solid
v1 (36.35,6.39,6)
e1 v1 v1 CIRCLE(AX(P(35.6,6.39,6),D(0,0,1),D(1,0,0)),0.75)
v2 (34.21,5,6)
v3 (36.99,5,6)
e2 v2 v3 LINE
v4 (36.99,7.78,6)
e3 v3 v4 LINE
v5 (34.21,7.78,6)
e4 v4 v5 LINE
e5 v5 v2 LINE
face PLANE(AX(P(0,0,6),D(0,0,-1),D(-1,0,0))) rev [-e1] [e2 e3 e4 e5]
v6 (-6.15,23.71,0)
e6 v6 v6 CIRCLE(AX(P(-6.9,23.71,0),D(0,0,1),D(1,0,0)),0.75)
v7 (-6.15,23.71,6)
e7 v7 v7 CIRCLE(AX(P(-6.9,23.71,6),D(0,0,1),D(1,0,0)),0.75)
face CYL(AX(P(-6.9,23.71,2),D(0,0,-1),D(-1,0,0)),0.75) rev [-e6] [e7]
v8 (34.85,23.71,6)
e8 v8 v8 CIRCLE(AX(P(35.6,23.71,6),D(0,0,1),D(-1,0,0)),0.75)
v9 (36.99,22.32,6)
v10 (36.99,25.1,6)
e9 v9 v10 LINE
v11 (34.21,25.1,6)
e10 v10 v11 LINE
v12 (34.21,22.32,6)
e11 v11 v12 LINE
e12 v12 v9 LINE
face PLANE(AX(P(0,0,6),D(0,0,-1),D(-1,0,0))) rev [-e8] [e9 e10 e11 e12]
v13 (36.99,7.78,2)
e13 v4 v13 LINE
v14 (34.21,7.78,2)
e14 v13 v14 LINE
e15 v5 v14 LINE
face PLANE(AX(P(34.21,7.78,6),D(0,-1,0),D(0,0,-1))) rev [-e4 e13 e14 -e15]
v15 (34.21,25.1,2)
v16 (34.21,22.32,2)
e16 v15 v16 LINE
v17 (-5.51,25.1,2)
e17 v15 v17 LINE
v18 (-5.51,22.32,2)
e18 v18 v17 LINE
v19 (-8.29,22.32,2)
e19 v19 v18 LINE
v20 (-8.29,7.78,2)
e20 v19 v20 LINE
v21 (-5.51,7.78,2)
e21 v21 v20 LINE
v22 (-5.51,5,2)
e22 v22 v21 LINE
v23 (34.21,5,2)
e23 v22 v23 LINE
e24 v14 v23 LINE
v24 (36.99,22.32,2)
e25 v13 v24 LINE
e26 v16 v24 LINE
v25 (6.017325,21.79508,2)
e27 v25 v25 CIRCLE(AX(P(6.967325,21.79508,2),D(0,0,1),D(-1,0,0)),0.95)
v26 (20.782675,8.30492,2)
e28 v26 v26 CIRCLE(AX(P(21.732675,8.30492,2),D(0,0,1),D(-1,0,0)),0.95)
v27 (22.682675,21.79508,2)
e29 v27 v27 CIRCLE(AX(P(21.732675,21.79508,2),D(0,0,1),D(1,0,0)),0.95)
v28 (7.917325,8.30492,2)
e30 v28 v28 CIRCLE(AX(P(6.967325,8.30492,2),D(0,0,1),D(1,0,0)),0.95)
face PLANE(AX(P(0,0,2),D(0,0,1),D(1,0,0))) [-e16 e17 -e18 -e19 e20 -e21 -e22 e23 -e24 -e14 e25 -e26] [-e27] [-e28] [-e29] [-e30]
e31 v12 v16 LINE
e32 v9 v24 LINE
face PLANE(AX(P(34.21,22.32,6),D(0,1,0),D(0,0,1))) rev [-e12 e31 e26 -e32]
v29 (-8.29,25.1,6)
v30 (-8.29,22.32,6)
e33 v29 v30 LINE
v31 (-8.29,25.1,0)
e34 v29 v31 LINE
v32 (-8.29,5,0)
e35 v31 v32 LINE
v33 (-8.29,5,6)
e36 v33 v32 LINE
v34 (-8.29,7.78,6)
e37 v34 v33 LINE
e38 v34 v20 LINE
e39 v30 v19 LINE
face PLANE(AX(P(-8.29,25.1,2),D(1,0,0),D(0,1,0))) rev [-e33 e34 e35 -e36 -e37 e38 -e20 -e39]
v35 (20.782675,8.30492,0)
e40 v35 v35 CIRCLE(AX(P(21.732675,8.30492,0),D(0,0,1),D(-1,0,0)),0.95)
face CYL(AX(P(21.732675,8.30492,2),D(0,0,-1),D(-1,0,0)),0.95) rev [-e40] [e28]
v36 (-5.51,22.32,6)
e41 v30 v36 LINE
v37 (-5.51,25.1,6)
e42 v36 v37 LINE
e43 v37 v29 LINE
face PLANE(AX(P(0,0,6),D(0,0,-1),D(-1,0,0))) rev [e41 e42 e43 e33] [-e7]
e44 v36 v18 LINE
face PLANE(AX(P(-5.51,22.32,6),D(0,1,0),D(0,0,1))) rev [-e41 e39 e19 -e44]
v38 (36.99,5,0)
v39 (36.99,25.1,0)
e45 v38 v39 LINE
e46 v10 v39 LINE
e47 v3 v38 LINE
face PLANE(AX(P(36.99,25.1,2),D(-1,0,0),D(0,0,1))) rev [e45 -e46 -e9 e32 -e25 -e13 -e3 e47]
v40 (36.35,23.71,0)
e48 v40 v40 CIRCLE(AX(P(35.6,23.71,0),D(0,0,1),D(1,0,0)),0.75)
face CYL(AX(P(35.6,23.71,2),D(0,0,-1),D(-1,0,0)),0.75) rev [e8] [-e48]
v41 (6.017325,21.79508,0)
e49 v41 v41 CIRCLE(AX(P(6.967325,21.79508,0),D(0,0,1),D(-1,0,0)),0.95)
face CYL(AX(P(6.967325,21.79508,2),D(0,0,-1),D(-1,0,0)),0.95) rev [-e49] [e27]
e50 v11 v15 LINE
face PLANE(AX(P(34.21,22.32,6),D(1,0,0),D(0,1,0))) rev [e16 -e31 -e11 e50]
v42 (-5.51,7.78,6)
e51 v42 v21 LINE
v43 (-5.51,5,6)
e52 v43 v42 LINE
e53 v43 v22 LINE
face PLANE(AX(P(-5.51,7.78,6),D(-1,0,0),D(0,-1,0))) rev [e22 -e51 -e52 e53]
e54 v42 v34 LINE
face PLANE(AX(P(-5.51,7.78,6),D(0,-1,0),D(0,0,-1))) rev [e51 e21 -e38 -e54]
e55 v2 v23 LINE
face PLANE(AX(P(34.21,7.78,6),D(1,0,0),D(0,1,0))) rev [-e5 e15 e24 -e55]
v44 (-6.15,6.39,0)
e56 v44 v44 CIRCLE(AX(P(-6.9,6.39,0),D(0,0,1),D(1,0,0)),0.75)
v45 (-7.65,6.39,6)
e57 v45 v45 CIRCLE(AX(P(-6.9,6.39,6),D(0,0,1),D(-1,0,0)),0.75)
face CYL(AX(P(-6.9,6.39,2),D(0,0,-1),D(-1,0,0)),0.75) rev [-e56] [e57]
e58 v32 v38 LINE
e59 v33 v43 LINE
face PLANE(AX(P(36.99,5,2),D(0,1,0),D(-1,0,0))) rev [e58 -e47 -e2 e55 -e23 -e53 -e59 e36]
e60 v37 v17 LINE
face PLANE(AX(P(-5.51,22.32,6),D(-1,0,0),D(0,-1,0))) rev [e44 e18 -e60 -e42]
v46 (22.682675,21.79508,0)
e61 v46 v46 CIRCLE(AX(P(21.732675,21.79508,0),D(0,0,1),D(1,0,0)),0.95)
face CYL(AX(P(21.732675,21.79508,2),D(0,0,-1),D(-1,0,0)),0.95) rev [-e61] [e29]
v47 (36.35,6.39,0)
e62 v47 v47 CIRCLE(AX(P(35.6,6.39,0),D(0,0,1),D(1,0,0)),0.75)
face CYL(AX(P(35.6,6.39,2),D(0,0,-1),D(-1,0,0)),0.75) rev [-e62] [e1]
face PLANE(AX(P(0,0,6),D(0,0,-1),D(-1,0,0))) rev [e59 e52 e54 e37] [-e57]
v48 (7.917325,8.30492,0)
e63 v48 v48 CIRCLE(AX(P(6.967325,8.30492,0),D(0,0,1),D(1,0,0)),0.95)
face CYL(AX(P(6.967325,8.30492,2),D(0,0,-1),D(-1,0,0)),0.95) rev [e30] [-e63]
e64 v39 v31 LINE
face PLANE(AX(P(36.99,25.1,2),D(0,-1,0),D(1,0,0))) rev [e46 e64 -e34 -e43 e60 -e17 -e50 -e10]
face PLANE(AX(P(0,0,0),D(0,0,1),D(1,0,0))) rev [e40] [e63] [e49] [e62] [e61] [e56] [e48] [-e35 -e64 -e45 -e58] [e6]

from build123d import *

# Parameters (mm, degrees)
SKETCH2_R           = 0.95
SKETCH2_R_2         = 0.75
BOSS_EXTRUDE1_DEPTH = 2
SKETCH4_W           = 2.78
SKETCH4_H           = 2.78
SKETCH4_R           = 0.75
BOSS_EXTRUDE2_DEPTH = 4


with BuildPart() as part:
    # Sketch2 → Boss-Extrude1 (new body)
    with BuildSketch(Plane.XY):
        Polygon((36.99, 25.1), (-8.29, 25.1), (-8.29, 5), (3.35, 5), (25.35, 5), (36.99, 5), align=None)
        with Locations((6.967324962, 8.304919624)):
            Circle(SKETCH2_R, mode=Mode.SUBTRACT)
        with Locations(Location((6.967324962, 21.795080376, 0), (0, 0, 180))):
            Circle(SKETCH2_R, mode=Mode.SUBTRACT)
        with Locations(Location((21.732675038, 8.304919624, 0), (0, 0, 180))):
            Circle(SKETCH2_R, mode=Mode.SUBTRACT)
        with Locations((21.732675038, 21.795080376)):
            Circle(SKETCH2_R, mode=Mode.SUBTRACT)
        with Locations((35.6, 23.71)):
            Circle(SKETCH2_R_2, mode=Mode.SUBTRACT)
        with Locations((35.6, 6.39)):
            Circle(SKETCH2_R_2, mode=Mode.SUBTRACT)
        with Locations((-6.9, 6.39)):
            Circle(SKETCH2_R_2, mode=Mode.SUBTRACT)
        with Locations((-6.9, 23.71)):
            Circle(SKETCH2_R_2, mode=Mode.SUBTRACT)
    extrude(amount=BOSS_EXTRUDE1_DEPTH)

    # Sketch4 → Boss-Extrude2 (add)
    # profile 1 of 4: a face of its own
    with BuildSketch(Plane.XY.offset(2)):
        with Locations((-6.9, 23.71)):
            Rectangle(SKETCH4_W, SKETCH4_H)
        with Locations((-6.9, 23.71)):
            Circle(SKETCH4_R, mode=Mode.SUBTRACT)
    # profile 2 of 4: a face of its own
    with BuildSketch(Plane.XY.offset(2)):
        with Locations((35.6, 23.71)):
            Rectangle(SKETCH4_W, SKETCH4_H)
        with Locations(Location((35.6, 23.71, 0), (0, 0, 180))):
            Circle(SKETCH4_R, mode=Mode.SUBTRACT)
    # profile 3 of 4: a face of its own
    with BuildSketch(Plane.XY.offset(2)):
        with Locations((35.6, 6.39)):
            Rectangle(SKETCH4_W, SKETCH4_H)
        with Locations((35.6, 6.39)):
            Circle(SKETCH4_R, mode=Mode.SUBTRACT)
    # profile 4 of 4: a face of its own
    with BuildSketch(Plane.XY.offset(2)):
        with Locations((-6.9, 6.39)):
            Rectangle(SKETCH4_W, SKETCH4_H)
        with Locations(Location((-6.9, 6.39, 0), (0, 0, 180))):
            Circle(SKETCH4_R, mode=Mode.SUBTRACT)
    extrude(amount=BOSS_EXTRUDE2_DEPTH)


solid = part.part
